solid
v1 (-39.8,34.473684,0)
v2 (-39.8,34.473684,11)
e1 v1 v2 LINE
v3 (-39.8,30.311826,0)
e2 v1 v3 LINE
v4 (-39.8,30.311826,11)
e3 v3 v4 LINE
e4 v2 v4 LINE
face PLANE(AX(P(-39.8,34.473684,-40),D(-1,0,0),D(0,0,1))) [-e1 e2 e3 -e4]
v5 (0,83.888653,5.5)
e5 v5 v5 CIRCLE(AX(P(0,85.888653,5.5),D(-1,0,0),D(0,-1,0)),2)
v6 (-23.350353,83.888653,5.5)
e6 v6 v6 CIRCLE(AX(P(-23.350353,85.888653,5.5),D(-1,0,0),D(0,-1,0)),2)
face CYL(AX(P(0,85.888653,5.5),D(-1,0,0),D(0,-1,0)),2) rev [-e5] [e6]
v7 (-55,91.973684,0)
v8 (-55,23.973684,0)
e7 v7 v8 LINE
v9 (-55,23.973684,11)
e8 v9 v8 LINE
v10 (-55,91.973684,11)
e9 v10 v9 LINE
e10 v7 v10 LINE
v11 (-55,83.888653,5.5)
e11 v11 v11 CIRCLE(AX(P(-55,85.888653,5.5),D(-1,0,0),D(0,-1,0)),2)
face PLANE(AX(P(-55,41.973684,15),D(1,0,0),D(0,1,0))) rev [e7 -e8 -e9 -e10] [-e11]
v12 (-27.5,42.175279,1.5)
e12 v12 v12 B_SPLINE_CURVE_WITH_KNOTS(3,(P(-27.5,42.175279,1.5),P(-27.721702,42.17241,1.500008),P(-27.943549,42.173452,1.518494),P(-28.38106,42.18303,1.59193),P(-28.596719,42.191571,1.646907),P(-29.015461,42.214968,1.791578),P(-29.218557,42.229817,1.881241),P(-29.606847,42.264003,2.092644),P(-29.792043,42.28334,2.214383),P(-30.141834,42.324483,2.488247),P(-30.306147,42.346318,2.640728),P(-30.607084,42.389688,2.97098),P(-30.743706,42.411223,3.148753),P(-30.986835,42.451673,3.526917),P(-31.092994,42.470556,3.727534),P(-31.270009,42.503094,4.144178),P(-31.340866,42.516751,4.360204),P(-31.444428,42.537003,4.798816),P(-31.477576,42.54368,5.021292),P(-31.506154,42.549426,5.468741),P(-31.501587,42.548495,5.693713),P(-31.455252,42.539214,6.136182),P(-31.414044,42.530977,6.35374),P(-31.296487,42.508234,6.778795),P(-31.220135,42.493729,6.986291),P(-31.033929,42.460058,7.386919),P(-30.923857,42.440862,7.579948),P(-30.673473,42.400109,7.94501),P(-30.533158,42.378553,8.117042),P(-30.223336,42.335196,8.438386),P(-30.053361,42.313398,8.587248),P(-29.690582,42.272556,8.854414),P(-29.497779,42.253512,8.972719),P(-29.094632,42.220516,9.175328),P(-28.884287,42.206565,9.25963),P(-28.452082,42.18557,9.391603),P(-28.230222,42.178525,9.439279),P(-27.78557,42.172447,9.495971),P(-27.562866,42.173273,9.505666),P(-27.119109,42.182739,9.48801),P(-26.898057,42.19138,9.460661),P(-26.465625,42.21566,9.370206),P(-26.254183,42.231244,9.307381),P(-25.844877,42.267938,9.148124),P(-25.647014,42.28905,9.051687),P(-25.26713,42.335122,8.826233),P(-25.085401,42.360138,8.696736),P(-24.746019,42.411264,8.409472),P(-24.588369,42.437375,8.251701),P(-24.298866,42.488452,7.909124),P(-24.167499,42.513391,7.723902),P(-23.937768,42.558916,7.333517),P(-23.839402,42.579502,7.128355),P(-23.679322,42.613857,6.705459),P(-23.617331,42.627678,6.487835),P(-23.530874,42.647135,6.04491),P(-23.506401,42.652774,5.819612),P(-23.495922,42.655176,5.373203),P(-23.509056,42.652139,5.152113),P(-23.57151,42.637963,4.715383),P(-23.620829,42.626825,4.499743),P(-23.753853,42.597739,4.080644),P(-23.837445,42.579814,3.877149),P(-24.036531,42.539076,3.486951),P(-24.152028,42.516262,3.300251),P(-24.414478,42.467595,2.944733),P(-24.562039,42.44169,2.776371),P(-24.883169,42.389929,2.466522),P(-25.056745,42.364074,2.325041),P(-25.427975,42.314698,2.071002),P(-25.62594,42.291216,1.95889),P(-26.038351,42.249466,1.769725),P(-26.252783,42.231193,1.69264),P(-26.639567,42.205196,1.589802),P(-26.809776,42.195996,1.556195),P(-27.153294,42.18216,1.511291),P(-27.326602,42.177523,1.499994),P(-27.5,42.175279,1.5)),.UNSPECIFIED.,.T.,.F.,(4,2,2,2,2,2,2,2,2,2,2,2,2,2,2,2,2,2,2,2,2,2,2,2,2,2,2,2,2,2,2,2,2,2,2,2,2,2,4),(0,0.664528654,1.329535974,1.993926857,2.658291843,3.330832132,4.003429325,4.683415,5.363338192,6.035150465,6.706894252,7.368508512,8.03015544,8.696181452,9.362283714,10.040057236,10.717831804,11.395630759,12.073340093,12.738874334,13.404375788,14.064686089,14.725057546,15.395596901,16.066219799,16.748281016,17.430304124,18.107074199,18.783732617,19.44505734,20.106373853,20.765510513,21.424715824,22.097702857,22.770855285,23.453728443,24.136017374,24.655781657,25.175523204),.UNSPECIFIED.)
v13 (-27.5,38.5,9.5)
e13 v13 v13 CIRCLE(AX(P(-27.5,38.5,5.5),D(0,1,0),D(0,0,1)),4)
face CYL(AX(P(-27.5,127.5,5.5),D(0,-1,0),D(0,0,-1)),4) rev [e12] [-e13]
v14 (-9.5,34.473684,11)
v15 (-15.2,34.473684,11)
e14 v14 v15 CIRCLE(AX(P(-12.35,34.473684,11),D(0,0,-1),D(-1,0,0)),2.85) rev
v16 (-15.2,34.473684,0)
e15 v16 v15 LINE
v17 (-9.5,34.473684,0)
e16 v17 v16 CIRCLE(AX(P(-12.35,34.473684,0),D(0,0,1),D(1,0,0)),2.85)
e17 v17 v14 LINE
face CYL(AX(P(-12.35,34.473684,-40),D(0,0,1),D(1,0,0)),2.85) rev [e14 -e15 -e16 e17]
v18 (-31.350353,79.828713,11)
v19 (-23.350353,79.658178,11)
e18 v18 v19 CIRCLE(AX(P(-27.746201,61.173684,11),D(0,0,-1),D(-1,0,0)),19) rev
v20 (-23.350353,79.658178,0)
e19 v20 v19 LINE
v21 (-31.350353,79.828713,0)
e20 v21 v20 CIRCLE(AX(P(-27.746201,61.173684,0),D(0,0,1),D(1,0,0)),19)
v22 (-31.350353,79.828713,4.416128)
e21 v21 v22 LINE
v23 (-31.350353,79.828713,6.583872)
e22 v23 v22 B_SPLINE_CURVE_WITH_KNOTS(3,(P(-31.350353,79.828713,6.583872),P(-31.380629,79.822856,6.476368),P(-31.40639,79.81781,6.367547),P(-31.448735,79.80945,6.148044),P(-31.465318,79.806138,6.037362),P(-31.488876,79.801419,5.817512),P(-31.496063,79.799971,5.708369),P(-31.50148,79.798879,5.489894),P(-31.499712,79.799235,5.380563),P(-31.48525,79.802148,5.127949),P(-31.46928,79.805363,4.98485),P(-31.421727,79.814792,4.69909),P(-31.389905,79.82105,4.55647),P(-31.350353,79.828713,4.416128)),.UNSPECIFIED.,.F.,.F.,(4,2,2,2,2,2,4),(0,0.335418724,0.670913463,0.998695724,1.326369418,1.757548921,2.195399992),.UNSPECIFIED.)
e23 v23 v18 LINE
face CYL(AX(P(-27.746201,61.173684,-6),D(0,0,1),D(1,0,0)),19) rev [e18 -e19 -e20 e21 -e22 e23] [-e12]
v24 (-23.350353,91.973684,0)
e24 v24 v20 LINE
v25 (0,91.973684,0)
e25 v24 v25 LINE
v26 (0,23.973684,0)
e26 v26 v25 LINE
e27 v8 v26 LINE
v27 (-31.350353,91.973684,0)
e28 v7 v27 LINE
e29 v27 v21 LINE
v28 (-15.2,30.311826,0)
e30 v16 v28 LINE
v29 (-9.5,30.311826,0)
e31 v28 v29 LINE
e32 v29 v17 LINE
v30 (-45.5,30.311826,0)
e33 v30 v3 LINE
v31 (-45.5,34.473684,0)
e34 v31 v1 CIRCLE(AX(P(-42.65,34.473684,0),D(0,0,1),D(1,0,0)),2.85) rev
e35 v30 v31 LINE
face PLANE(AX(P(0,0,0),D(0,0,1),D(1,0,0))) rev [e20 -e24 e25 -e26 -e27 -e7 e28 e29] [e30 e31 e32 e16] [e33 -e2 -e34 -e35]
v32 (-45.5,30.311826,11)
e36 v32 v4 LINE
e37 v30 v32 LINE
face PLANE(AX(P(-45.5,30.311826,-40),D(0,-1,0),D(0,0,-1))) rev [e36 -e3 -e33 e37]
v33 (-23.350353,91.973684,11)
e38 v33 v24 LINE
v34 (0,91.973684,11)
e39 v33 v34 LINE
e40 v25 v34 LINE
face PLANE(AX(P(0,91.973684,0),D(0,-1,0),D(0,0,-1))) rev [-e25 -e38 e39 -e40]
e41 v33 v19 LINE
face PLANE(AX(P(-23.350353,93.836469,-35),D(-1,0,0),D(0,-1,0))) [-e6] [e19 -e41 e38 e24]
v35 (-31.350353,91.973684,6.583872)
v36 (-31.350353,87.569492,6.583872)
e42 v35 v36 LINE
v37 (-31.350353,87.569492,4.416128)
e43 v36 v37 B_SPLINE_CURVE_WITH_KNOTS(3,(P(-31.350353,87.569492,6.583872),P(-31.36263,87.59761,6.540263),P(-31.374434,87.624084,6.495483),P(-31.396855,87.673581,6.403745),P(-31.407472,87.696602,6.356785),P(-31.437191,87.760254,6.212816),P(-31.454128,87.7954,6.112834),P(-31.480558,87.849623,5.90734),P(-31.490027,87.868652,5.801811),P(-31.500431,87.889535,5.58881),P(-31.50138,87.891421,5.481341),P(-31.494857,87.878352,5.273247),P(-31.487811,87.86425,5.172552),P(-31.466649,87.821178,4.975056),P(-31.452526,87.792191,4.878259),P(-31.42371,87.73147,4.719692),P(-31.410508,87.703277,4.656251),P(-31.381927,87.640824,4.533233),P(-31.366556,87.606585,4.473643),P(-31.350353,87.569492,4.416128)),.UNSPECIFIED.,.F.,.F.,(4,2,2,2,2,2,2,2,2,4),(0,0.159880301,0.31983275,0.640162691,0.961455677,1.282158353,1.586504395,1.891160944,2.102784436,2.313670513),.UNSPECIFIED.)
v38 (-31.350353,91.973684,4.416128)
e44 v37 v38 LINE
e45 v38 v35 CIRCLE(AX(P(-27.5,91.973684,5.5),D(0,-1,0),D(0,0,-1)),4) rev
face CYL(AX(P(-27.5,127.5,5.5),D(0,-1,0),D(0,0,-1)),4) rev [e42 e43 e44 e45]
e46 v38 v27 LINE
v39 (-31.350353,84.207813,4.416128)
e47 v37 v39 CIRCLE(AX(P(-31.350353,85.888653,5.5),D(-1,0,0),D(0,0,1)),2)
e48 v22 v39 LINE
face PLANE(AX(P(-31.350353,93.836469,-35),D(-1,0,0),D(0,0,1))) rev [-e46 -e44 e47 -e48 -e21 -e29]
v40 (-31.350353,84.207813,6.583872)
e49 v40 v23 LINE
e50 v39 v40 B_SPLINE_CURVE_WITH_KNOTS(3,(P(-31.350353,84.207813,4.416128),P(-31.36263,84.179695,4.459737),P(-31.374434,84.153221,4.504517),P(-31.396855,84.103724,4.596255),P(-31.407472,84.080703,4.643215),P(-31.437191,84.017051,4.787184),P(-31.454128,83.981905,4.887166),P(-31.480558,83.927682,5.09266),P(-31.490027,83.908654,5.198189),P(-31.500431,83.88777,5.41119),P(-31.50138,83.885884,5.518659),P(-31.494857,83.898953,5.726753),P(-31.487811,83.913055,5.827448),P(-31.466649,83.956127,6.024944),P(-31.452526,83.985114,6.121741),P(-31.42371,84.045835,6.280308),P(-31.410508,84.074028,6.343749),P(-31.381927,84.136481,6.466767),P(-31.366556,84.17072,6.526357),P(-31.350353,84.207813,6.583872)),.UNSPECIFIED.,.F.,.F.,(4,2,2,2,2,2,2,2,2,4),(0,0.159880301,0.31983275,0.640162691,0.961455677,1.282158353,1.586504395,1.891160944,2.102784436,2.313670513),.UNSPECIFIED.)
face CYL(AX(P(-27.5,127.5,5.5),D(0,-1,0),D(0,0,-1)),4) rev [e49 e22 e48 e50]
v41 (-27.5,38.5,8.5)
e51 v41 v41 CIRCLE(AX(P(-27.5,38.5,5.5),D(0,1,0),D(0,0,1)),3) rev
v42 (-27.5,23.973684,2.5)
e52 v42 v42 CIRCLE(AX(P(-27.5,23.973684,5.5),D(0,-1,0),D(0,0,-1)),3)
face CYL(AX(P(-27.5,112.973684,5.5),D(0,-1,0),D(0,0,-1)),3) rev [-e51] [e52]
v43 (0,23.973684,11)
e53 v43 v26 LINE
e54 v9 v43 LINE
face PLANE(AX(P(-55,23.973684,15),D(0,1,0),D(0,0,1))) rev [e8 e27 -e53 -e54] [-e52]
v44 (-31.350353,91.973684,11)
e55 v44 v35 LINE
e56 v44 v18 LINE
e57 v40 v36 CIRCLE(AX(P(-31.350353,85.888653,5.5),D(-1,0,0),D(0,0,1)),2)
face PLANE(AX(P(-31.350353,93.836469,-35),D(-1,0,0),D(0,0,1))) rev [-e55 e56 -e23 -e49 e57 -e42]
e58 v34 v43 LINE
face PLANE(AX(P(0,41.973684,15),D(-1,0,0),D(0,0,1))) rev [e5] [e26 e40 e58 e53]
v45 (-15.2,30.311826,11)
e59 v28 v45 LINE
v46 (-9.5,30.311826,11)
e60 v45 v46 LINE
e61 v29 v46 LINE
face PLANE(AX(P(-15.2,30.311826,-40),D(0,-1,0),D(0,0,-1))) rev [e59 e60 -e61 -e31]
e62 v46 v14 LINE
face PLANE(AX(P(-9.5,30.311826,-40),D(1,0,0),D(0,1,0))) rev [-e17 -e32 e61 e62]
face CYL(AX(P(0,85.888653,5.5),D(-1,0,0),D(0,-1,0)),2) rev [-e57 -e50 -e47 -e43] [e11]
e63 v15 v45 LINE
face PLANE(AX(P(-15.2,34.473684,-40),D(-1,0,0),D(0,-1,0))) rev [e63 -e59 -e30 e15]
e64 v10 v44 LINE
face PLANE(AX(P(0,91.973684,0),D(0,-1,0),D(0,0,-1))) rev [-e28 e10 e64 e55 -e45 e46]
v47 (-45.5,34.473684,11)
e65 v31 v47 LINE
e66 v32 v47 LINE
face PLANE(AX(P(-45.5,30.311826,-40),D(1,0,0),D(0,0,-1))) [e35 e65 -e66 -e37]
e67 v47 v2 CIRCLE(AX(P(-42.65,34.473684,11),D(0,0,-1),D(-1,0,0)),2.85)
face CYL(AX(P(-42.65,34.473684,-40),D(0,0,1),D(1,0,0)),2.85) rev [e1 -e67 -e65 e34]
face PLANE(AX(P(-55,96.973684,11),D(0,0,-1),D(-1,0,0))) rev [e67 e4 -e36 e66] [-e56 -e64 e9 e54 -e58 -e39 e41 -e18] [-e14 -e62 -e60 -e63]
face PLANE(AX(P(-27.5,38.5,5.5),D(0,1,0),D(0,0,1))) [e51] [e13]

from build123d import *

# Parameters (mm, degrees)
SKETCH1_W           = 55
SKETCH1_H           = 18
BOSS_EXTRUDE1_DEPTH = 15
SKETCH2_W           = 55
SKETCH2_H           = 15
BOSS_EXTRUDE2_DEPTH = 50
SKETCH14_R          = 19
CUT_EXTRUDE14_DEPTH = 21
SKETCH6_W           = 8
SKETCH6_H           = 27.884489578
CUT_EXTRUDE3_DEPTH  = 50
SKETCH9_R           = 2
CUT_EXTRUDE5_DEPTH  = 55
CUT_EXTRUDE6_DEPTH  = 55
SKETCH16_W          = 55
SKETCH16_H          = 4
CUT_EXTRUDE16_DEPTH = 73
SKETCH17_R          = 3
CUT_EXTRUDE17_DEPTH = 89
SKETCH18_R          = 4
CUT_EXTRUDE18_DEPTH = 89


with BuildPart() as part:
    # Sketch1 → Boss-Extrude1 (new body)
    with BuildSketch(Plane.XY):
        with Locations((-27.5, 32.973684211)):
            Rectangle(SKETCH1_W, SKETCH1_H)
    extrude(amount=BOSS_EXTRUDE1_DEPTH)

    # Sketch2 → Boss-Extrude2 (add)
    with BuildSketch(Plane(origin=(0, 41.973684211, 0), x_dir=(1, 0, 0), z_dir=(0, 1, 0))):
        with Locations((-27.5, -7.5)):
            Rectangle(SKETCH2_W, SKETCH2_H)
    extrude(amount=BOSS_EXTRUDE2_DEPTH)

    # Sketch14 → Cut-Extrude14 (cut)
    with BuildSketch(Plane.XY.offset(15)):
        with Locations((-27.746201243, 61.173684211)):
            Circle(SKETCH14_R)
    extrude(amount=-CUT_EXTRUDE14_DEPTH, mode=Mode.SUBTRACT)

    # Sketch6 → Cut-Extrude3 (cut)
    with BuildSketch(Plane.XY.offset(15)):
        with Locations((-27.350353451, 79.894224222)):
            Rectangle(SKETCH6_W, SKETCH6_H)
    extrude(amount=-CUT_EXTRUDE3_DEPTH, mode=Mode.SUBTRACT)

    # Sketch9 → Cut-Extrude5 (cut)
    with BuildSketch(Plane.ZY.offset(55)):
        with Locations(Location((5.5, 85.888652512, 0), (0, 0, 270))):
            Circle(SKETCH9_R)
    extrude(amount=-CUT_EXTRUDE5_DEPTH, mode=Mode.SUBTRACT)

    # Sketch10 → Cut-Extrude6 (cut)
    with BuildSketch(Plane.XY.offset(15)):
        with BuildLine():
            Line((-9.5, 30.311825803), (-9.5, 34.473684211))
            ThreePointArc((-9.5, 34.473684211), (-12.35, 37.323684211), (-15.2, 34.473684211))
            Line((-15.2, 34.473684211), (-15.2, 30.311825803))
            Line((-15.2, 30.311825803), (-9.5, 30.311825803))
        make_face()
        with BuildLine():
            Line((-45.5, 30.311825803), (-39.8, 30.311825803))
            Line((-39.8, 30.311825803), (-39.8, 34.473684211))
            ThreePointArc((-39.8, 34.473684211), (-42.65, 37.323684211), (-45.5, 34.473684211))
            Line((-45.5, 34.473684211), (-45.5, 30.311825803))
        make_face()
    extrude(amount=-CUT_EXTRUDE6_DEPTH, mode=Mode.SUBTRACT)

    # Sketch16 → Cut-Extrude16 (cut)
    with BuildSketch(Plane(origin=(0, 23.973684211, 0), x_dir=(-1, 0, 0), z_dir=(0, -1, 0))):
        with Locations((27.5, -13)):
            Rectangle(SKETCH16_W, SKETCH16_H)
    extrude(amount=-CUT_EXTRUDE16_DEPTH, mode=Mode.SUBTRACT)

    # Sketch17 → Cut-Extrude17 (cut)
    with BuildSketch(Plane(origin=(0, 23.973684211, 0), x_dir=(-1, 0, 0), z_dir=(0, -1, 0))):
        with Locations(Location((27.5, -5.5, 0), (0, 0, 90))):
            Circle(SKETCH17_R)
    extrude(amount=-CUT_EXTRUDE17_DEPTH, mode=Mode.SUBTRACT)

    # Sketch18 → Cut-Extrude18 (cut)
    with BuildSketch(Plane(origin=(0, 38.5, 0), x_dir=(1, 0, 0), z_dir=(0, 1, 0))):
        with Locations(Location((-27.5, -5.5, 0), (0, 0, 90))):
            Circle(SKETCH18_R)
    extrude(amount=CUT_EXTRUDE18_DEPTH, mode=Mode.SUBTRACT)


solid = part.part
